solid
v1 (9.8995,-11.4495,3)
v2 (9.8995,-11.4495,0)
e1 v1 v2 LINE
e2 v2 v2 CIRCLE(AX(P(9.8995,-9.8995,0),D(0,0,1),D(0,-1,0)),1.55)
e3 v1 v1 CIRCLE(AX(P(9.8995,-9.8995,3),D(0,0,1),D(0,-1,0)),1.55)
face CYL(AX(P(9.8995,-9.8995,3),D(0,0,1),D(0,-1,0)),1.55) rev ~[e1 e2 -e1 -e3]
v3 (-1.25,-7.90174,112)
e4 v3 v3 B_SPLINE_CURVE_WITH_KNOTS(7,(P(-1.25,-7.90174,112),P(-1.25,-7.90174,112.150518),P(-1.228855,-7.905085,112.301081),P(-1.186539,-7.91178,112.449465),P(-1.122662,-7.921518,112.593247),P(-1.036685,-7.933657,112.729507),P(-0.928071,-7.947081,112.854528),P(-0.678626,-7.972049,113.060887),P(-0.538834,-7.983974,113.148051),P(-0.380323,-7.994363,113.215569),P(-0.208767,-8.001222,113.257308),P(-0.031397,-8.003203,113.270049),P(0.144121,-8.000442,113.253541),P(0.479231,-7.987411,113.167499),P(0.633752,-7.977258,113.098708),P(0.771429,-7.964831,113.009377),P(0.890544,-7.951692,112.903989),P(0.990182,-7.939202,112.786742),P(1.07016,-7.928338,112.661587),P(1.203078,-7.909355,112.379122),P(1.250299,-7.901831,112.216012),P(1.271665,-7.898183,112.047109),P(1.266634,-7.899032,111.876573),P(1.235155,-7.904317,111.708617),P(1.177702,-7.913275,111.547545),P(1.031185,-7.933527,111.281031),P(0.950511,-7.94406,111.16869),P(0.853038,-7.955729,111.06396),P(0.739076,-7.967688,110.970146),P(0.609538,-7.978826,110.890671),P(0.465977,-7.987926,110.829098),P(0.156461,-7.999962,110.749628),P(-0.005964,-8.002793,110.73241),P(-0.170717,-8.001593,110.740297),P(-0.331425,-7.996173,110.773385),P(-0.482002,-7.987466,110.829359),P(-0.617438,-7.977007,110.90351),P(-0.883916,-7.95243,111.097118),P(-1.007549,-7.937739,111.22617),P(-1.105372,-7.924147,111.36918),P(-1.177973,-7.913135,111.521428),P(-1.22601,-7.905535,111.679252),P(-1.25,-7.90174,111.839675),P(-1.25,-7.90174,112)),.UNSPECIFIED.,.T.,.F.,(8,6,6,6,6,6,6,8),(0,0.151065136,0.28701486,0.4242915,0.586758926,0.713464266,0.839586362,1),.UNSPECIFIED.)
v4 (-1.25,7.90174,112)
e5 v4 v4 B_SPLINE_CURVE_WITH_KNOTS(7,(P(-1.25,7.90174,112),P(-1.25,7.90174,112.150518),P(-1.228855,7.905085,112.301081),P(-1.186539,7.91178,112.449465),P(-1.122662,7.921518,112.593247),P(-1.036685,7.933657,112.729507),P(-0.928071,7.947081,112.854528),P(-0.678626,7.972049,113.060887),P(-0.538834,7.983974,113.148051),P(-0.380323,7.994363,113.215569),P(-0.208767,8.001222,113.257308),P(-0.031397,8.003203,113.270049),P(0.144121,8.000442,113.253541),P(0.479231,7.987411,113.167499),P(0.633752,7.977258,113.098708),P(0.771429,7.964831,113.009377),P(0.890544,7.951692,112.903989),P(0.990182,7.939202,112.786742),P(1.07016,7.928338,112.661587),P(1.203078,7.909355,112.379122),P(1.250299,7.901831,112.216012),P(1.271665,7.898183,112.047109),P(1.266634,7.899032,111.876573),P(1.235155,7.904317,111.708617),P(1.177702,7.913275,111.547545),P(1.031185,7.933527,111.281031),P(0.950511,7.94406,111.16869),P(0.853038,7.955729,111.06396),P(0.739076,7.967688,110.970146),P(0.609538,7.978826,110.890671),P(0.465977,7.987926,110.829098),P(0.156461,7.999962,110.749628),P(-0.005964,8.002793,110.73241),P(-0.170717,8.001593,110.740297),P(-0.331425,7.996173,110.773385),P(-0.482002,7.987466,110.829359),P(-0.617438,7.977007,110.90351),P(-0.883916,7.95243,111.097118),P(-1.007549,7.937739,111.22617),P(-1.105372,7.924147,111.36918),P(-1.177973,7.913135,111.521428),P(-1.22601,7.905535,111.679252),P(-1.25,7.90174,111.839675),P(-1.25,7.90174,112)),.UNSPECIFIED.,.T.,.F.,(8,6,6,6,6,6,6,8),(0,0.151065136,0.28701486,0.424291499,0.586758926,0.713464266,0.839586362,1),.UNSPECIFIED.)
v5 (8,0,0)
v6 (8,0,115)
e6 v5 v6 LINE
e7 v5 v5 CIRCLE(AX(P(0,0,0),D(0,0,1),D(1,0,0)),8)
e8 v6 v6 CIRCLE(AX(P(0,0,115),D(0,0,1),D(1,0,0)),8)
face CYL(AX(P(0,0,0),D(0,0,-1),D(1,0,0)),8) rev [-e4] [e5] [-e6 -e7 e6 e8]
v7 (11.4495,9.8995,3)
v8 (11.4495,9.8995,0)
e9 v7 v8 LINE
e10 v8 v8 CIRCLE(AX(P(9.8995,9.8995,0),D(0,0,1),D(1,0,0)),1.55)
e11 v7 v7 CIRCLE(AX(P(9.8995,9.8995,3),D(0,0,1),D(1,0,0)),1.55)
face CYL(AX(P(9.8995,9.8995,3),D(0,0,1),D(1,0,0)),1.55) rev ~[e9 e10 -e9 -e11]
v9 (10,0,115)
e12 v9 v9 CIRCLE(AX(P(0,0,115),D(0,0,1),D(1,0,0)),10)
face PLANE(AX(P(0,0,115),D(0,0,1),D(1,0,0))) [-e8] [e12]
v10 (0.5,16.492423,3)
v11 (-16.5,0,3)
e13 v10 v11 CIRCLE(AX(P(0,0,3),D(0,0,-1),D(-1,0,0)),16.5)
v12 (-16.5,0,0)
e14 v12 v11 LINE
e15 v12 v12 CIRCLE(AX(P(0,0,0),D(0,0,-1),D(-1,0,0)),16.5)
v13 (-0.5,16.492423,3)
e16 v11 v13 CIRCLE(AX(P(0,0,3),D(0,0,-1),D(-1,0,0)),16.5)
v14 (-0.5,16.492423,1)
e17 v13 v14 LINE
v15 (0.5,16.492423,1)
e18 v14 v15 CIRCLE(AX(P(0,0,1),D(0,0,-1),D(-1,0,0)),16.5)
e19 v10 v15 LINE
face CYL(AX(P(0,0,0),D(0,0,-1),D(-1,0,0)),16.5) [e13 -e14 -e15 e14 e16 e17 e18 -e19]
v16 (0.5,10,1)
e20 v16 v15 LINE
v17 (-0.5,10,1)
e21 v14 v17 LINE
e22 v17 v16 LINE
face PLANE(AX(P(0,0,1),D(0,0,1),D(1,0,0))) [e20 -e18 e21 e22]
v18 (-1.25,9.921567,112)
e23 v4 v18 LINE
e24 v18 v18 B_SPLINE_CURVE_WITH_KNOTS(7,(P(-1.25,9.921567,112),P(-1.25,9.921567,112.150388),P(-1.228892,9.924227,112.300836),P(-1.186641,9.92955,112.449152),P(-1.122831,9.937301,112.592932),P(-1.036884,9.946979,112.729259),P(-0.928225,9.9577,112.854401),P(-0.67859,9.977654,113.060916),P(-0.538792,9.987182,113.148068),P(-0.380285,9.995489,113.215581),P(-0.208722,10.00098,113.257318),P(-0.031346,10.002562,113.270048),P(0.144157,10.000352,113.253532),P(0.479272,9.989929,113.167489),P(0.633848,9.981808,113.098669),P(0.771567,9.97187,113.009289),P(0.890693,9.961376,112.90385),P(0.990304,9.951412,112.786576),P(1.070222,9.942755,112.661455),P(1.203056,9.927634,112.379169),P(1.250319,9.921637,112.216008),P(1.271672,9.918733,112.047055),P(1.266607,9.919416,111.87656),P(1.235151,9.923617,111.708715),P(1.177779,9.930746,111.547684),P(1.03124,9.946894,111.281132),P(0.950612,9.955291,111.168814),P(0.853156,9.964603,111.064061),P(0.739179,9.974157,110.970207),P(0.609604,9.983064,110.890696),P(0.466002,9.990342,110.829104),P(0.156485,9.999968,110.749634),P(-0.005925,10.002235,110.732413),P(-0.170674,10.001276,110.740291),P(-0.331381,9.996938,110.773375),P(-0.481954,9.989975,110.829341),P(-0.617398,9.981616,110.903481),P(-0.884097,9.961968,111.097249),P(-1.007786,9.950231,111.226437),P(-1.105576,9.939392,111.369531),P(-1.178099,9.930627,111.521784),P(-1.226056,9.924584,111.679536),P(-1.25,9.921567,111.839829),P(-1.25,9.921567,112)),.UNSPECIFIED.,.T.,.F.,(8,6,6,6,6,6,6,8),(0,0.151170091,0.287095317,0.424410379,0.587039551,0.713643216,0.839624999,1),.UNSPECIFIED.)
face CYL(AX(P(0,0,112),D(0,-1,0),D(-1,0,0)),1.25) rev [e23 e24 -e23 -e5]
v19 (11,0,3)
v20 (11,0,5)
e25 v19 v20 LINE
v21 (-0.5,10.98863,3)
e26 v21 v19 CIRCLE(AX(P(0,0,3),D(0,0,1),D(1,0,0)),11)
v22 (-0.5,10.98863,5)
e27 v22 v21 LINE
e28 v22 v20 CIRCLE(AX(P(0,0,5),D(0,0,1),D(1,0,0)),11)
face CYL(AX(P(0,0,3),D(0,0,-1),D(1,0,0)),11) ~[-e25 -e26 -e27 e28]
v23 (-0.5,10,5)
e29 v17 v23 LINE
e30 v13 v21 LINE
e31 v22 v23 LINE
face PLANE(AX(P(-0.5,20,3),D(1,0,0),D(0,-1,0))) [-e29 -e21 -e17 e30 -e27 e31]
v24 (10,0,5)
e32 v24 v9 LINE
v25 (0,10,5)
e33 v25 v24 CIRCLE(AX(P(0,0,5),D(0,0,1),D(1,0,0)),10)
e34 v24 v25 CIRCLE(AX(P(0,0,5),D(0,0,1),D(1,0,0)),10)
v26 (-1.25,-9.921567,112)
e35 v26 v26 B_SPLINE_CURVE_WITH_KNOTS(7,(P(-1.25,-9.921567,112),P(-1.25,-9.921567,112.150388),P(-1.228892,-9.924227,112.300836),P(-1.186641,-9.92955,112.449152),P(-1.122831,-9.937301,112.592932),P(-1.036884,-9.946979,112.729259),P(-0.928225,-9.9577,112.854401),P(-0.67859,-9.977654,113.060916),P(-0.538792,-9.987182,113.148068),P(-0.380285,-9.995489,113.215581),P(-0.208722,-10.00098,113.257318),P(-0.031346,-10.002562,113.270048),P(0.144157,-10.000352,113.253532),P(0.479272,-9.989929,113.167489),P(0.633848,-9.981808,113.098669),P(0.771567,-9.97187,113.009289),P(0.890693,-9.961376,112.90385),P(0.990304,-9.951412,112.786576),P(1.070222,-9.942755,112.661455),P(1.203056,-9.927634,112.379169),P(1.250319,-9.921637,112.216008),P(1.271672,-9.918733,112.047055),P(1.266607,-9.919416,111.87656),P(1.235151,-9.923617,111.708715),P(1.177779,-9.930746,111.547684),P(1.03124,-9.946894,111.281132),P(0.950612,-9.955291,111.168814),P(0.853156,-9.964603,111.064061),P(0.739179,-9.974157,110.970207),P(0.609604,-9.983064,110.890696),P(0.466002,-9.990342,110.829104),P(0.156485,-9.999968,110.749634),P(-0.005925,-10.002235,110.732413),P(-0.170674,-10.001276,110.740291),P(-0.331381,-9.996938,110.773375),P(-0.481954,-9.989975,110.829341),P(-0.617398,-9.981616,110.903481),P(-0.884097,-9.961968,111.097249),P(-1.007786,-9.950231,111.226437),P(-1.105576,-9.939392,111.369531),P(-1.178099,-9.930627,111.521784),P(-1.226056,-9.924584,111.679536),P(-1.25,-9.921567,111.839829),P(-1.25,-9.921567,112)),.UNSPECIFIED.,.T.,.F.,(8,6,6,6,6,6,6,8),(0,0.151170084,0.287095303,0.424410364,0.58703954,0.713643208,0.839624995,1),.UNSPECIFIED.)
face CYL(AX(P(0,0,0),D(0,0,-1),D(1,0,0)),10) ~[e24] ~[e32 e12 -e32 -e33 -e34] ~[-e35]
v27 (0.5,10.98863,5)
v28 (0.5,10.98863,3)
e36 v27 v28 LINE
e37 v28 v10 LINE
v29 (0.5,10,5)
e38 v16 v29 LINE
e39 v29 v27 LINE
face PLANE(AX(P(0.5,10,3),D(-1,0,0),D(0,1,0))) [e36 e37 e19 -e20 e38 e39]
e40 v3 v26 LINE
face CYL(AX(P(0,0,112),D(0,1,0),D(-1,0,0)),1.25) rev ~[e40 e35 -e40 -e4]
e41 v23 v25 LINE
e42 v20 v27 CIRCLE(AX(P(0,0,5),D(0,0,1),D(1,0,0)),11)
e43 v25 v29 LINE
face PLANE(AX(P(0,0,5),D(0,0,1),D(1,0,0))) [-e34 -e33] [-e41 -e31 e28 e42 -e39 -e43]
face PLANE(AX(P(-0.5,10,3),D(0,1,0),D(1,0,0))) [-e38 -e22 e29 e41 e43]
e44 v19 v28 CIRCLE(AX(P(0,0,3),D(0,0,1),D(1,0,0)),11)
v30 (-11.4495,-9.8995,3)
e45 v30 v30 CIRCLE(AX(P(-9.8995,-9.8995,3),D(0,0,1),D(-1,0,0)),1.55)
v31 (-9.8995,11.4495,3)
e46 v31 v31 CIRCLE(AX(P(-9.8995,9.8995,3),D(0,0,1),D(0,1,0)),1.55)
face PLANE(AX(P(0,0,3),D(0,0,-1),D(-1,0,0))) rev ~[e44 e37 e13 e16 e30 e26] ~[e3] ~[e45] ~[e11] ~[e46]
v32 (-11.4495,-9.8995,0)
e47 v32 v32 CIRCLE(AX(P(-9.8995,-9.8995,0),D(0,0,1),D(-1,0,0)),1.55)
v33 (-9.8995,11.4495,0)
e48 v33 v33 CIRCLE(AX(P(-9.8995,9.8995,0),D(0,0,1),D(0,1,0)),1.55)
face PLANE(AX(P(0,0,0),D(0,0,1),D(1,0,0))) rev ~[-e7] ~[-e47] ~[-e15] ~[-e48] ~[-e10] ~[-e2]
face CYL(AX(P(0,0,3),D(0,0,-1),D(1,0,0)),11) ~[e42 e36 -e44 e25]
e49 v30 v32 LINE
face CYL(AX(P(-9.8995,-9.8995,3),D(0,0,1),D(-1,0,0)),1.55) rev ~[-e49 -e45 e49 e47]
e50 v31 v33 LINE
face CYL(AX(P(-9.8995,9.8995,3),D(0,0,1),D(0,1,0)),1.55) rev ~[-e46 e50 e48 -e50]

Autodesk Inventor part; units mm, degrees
ref_plane "YZ Plane" through (0, 0, 0) normal (1, 0, 0) x (0, 1, 0)
ref_plane "XZ Plane" through (0, 0, 0) normal (0, 1, 0) x (-1, 0, 0)
ref_plane "XY Plane" through (0, 0, 0) normal (0, 0, 1) x (1, 0, 0)
sketch "Sketch1" plane through (0, 0, 0) normal (0, 0, 1) x (1, 0, 0)
  circle A0 centre (0, 0) radius 10
  circle A1 centre (0, 0) radius 8
  dimension "d0" = 20
  dimension "d1" = 2
extrude "Extrusion1" add sketch "Sketch1" along normal blind 115
sketch "Sketch2" plane through (0, 0, 0) normal (0, 0, -1) x (-1, 0, 0)
  circle A0 centre (0, 0) radius 16.5
  circle A1 centre (0, 0) radius 8
  circle A2 centre (0, 0) radius 8 construction
  dimension "d4" = 33
extrude "Extrusion2" add sketch "Sketch2" against normal blind 3
sketch "Sketch3" plane through (0, 0, 3) normal (0, 0, 1) x (1, 0, 0)
  circle A0 centre (9.8995, 9.8995) radius 1.55
  line L0 (9.8995, 9.8995) -> (0, 0) construction
  line L1 (0, 0) -> (4.9931, 0) construction
  dimension "d7" = 14
  dimension "d8" = 3.1
  dimension "d14" = 45
extrude "Extrusion3" cut sketch "Sketch3" against normal through all
sketch "Sketch7" plane through (0, 0, 3) normal (0, 0, 1) x (1, 0, 0)
  circle A0 centre (0, 0) radius 11
  circle A1 centre (0, 0) radius 10
  circle A2 centre (0, 0) radius 10 construction
  dimension "d30" = 1
extrude "Extrusion7" add sketch "Sketch7" along normal blind 2
pattern_circular "Circular Pattern1" count 4 over 360 about axis through (0, 0, 0) along (0, 0, 1) of "Extrusion3"
sketch "Sketch5" plane through (0, 0, 3) normal (0, 0, 1) x (1, 0, 0)
  line L0 (-0.5, 10) -> (0.5, 10)
  line L1 (0.5, 10) -> (0.5, 20)
  line L2 (0.5, 20) -> (-0.5, 20)
  line L3 (-0.5, 20) -> (-0.5, 10)
  line L4 (-0.5, 10) -> (0.5, 20) construction
  line L5 (0.5, 10) -> (-0.5, 20) construction
  point P0 (0, 0)
  point P1 (0, 15)
  point P2 (0, 15)
  dimension "d21" = 1
  dimension "d22" = 10
  dimension "d23" = 10
extrude "Extrusion5" cut sketch "Sketch5" along normal blind 2 and the other way blind 2
sketch "Sketch6" plane through (0, 0, 0) normal (0, 1, 0) x (-1, 0, 0)
  circle A0 centre (0, 112) radius 1.25
  line L0 (10, 115) -> (-10, 115) construction
  point P0 (0, 0)
  dimension "d26" = 3
  dimension "d27" = 2.5
extrude "Extrusion6" cut sketch "Sketch6" along normal through all both and the other way through all
properties part number "Coil_Stand"
